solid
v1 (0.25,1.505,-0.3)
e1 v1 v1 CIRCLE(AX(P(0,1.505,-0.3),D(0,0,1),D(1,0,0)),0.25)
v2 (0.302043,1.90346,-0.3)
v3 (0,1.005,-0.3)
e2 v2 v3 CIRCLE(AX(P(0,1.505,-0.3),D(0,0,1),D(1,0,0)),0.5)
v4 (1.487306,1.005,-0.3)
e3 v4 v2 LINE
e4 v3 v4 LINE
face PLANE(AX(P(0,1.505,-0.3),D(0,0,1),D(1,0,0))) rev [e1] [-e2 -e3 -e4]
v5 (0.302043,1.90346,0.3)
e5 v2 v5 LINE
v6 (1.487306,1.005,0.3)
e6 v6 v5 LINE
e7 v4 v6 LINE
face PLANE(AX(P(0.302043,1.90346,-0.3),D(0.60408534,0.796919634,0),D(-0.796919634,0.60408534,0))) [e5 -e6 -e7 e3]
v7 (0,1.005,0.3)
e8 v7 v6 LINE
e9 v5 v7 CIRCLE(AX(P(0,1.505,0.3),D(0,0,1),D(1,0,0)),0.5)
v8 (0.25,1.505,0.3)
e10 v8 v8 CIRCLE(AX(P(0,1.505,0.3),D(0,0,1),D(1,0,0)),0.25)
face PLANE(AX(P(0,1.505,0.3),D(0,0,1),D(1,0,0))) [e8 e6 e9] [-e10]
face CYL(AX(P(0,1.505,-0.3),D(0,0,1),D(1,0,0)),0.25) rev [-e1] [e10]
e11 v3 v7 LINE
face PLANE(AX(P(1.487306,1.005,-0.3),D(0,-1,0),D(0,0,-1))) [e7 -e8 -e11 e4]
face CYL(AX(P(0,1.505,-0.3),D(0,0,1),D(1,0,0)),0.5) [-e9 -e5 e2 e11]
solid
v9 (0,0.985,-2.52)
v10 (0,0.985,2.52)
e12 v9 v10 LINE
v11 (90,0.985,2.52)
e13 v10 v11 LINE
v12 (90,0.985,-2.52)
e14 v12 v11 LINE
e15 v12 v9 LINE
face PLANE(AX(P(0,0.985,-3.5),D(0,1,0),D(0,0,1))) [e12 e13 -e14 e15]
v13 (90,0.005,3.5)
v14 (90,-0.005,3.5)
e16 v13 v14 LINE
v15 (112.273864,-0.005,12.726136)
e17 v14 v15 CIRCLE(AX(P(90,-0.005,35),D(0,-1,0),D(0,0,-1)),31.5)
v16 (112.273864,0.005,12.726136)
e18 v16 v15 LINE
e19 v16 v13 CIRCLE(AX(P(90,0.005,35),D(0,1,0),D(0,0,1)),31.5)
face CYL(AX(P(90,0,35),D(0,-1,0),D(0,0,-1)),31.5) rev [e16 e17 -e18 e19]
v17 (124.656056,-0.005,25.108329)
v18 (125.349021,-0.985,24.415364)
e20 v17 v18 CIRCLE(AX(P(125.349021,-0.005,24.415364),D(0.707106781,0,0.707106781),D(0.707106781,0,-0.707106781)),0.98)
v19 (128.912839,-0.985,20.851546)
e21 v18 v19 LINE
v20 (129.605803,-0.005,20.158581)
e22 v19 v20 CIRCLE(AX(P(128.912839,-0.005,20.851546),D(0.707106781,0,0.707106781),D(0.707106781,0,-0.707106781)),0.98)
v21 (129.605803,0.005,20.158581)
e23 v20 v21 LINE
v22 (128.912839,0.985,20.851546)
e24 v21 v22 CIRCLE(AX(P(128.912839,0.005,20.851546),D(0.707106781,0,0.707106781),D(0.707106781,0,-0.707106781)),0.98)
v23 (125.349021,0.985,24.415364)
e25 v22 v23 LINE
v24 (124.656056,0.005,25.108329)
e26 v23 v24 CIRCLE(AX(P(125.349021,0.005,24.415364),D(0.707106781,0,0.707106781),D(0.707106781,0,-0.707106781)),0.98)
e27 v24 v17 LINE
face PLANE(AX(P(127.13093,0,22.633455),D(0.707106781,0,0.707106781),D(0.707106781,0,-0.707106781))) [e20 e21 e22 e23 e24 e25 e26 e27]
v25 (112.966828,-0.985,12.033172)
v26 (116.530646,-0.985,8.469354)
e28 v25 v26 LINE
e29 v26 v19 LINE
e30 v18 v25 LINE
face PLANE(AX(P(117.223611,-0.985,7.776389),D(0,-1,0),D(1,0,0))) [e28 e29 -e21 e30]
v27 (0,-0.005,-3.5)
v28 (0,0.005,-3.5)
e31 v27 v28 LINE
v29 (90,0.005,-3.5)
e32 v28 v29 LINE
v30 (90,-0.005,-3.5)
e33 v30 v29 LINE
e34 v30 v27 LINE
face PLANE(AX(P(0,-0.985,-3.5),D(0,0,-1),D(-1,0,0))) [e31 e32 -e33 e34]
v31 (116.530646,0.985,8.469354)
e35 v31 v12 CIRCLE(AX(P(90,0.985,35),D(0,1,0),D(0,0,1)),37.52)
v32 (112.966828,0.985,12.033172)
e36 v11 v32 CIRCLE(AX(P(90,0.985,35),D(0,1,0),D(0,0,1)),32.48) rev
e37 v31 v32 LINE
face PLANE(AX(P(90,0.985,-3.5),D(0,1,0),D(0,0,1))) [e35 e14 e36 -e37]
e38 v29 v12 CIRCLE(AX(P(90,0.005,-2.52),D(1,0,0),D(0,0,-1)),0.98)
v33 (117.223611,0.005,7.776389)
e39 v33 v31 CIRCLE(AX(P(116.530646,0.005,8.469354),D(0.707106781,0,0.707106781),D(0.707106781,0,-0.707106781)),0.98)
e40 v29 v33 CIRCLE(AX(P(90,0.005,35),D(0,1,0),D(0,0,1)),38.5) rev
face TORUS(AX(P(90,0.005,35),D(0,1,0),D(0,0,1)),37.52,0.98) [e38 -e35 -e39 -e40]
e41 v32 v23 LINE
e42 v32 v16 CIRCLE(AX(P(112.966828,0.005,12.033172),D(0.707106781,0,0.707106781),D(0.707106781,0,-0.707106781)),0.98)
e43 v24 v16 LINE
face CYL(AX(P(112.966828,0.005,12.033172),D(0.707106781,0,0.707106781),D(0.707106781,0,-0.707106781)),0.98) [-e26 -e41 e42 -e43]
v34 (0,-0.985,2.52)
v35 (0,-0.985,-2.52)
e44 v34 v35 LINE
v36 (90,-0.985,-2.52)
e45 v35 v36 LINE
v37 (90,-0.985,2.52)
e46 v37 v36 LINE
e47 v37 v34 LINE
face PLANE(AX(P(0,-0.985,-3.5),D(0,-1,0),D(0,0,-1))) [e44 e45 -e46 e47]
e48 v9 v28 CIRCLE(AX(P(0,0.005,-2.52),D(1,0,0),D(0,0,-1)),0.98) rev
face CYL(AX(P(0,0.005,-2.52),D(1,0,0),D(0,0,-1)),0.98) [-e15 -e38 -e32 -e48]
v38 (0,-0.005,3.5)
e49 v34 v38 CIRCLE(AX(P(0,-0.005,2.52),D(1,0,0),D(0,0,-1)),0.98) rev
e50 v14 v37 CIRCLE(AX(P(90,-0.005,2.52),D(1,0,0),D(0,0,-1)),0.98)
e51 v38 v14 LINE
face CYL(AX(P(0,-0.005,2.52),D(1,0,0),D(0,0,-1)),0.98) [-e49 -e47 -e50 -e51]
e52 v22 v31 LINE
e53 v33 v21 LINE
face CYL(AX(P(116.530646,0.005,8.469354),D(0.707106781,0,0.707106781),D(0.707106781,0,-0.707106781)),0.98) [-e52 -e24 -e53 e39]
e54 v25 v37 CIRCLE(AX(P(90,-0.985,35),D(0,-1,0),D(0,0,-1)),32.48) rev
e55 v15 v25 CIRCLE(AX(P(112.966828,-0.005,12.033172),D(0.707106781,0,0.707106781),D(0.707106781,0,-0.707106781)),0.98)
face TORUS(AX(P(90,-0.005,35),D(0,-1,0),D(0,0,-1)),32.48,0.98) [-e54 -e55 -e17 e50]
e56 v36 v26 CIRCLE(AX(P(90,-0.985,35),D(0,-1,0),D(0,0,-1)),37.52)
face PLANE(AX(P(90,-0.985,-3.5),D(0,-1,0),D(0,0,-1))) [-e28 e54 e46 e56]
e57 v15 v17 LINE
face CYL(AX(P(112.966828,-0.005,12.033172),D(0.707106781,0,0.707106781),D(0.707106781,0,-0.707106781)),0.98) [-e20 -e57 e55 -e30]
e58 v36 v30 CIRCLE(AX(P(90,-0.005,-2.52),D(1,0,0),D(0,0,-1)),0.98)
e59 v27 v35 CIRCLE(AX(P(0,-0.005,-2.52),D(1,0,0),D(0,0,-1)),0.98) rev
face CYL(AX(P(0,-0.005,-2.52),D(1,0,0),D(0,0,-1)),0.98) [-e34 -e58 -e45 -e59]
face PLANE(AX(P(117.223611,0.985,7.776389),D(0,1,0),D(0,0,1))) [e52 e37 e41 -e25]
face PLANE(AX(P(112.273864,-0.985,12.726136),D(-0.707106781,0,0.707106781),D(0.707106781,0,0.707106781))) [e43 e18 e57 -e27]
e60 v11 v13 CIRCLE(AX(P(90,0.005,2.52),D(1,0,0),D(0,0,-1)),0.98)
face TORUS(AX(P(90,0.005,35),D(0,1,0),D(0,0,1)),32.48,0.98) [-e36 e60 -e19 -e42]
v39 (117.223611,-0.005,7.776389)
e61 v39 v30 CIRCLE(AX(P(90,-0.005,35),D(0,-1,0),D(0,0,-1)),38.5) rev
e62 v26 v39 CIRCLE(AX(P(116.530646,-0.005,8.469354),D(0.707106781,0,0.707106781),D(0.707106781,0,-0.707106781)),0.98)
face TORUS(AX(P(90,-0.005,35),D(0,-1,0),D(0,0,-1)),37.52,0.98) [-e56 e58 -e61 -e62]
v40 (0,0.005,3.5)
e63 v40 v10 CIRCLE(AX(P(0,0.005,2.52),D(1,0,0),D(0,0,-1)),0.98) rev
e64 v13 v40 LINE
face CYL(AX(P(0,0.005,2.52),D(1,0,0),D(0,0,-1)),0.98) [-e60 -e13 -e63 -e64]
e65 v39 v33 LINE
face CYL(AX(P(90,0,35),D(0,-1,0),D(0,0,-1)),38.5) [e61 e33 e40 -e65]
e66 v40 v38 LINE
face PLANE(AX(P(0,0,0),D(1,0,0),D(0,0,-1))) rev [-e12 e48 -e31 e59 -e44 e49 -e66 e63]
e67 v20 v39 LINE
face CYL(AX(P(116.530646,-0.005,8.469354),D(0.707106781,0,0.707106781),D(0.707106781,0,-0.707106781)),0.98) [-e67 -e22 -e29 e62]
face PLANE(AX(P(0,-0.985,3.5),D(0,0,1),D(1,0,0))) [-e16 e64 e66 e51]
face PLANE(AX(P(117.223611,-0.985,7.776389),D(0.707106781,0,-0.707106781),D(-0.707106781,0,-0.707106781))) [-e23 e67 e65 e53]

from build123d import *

# Parameters (mm, degrees)
SKETCH3_W           = 7
SKETCH3_H           = 1.97
FILLET1_R           = 0.98
SKETCH7_R           = 0.25
BOSS_EXTRUDE1_DEPTH = 0.6


with BuildPart() as part:
    # Sweep1: sweep along a path in Sketch1
    with BuildLine(Plane(origin=(0, 0, 0), x_dir=(1, 0, 0), z_dir=(0, 1, 0))) as sweep1_path:
        Line((0, 0), (90, 0))
        ThreePointArc((90, 0), (103.393920133, -2.664216362), (114.748737342, -10.251262658))
        Line((114.748737342, -10.251262658), (127.13092964, -22.633454957))
    # Sketch3 → Sweep1 (sweep)
    with BuildSketch(Plane(origin=(0, 0, 0), x_dir=(0, 0, -1), z_dir=(1, 0, 0))):
        Rectangle(SKETCH3_W, SKETCH3_H)
    sweep(path=sweep1_path.line)

    # Fillet1
    fillet1_edges = [part.edges().sort_by_distance(p)[0] for p in [
        (45, -0.985, -3.5),
        (45, 0.985, -3.5),
        (45, 0.985, 3.5),
        (45, -0.985, 3.5),
        (104.733312146, -0.985, -0.569362002),
        (104.733312146, 0.985, -0.569362002),
        (102.05452812, 0.985, 5.897794726),
        (102.05452812, -0.985, 5.897794726),
        (123.414707225, -0.985, 13.967485074),
        (123.414707225, 0.985, 13.967485074),
        (118.464959757, 0.985, 18.917232542),
        (118.464959757, -0.985, 18.917232542),
    ]]
    fillet(fillet1_edges, radius=FILLET1_R)


with BuildPart() as body_2:
    # Sketch7 → Boss-Extrude1 (new body)
    with BuildSketch(Plane.XY.offset(0.3)):
        with BuildLine():
            Line((1.487306111, 1.005), (0, 1.005))
            ThreePointArc((0, 1.005), (-0.473935601, 1.664326852), (0.30204267, 1.903459817))
            Line((0.30204267, 1.903459817), (1.487306111, 1.005))
        make_face()
        with Locations((0, 1.505)):
            Circle(SKETCH7_R, mode=Mode.SUBTRACT)
    extrude(amount=-BOSS_EXTRUDE1_DEPTH)


solid = Compound([part.part, body_2.part])
